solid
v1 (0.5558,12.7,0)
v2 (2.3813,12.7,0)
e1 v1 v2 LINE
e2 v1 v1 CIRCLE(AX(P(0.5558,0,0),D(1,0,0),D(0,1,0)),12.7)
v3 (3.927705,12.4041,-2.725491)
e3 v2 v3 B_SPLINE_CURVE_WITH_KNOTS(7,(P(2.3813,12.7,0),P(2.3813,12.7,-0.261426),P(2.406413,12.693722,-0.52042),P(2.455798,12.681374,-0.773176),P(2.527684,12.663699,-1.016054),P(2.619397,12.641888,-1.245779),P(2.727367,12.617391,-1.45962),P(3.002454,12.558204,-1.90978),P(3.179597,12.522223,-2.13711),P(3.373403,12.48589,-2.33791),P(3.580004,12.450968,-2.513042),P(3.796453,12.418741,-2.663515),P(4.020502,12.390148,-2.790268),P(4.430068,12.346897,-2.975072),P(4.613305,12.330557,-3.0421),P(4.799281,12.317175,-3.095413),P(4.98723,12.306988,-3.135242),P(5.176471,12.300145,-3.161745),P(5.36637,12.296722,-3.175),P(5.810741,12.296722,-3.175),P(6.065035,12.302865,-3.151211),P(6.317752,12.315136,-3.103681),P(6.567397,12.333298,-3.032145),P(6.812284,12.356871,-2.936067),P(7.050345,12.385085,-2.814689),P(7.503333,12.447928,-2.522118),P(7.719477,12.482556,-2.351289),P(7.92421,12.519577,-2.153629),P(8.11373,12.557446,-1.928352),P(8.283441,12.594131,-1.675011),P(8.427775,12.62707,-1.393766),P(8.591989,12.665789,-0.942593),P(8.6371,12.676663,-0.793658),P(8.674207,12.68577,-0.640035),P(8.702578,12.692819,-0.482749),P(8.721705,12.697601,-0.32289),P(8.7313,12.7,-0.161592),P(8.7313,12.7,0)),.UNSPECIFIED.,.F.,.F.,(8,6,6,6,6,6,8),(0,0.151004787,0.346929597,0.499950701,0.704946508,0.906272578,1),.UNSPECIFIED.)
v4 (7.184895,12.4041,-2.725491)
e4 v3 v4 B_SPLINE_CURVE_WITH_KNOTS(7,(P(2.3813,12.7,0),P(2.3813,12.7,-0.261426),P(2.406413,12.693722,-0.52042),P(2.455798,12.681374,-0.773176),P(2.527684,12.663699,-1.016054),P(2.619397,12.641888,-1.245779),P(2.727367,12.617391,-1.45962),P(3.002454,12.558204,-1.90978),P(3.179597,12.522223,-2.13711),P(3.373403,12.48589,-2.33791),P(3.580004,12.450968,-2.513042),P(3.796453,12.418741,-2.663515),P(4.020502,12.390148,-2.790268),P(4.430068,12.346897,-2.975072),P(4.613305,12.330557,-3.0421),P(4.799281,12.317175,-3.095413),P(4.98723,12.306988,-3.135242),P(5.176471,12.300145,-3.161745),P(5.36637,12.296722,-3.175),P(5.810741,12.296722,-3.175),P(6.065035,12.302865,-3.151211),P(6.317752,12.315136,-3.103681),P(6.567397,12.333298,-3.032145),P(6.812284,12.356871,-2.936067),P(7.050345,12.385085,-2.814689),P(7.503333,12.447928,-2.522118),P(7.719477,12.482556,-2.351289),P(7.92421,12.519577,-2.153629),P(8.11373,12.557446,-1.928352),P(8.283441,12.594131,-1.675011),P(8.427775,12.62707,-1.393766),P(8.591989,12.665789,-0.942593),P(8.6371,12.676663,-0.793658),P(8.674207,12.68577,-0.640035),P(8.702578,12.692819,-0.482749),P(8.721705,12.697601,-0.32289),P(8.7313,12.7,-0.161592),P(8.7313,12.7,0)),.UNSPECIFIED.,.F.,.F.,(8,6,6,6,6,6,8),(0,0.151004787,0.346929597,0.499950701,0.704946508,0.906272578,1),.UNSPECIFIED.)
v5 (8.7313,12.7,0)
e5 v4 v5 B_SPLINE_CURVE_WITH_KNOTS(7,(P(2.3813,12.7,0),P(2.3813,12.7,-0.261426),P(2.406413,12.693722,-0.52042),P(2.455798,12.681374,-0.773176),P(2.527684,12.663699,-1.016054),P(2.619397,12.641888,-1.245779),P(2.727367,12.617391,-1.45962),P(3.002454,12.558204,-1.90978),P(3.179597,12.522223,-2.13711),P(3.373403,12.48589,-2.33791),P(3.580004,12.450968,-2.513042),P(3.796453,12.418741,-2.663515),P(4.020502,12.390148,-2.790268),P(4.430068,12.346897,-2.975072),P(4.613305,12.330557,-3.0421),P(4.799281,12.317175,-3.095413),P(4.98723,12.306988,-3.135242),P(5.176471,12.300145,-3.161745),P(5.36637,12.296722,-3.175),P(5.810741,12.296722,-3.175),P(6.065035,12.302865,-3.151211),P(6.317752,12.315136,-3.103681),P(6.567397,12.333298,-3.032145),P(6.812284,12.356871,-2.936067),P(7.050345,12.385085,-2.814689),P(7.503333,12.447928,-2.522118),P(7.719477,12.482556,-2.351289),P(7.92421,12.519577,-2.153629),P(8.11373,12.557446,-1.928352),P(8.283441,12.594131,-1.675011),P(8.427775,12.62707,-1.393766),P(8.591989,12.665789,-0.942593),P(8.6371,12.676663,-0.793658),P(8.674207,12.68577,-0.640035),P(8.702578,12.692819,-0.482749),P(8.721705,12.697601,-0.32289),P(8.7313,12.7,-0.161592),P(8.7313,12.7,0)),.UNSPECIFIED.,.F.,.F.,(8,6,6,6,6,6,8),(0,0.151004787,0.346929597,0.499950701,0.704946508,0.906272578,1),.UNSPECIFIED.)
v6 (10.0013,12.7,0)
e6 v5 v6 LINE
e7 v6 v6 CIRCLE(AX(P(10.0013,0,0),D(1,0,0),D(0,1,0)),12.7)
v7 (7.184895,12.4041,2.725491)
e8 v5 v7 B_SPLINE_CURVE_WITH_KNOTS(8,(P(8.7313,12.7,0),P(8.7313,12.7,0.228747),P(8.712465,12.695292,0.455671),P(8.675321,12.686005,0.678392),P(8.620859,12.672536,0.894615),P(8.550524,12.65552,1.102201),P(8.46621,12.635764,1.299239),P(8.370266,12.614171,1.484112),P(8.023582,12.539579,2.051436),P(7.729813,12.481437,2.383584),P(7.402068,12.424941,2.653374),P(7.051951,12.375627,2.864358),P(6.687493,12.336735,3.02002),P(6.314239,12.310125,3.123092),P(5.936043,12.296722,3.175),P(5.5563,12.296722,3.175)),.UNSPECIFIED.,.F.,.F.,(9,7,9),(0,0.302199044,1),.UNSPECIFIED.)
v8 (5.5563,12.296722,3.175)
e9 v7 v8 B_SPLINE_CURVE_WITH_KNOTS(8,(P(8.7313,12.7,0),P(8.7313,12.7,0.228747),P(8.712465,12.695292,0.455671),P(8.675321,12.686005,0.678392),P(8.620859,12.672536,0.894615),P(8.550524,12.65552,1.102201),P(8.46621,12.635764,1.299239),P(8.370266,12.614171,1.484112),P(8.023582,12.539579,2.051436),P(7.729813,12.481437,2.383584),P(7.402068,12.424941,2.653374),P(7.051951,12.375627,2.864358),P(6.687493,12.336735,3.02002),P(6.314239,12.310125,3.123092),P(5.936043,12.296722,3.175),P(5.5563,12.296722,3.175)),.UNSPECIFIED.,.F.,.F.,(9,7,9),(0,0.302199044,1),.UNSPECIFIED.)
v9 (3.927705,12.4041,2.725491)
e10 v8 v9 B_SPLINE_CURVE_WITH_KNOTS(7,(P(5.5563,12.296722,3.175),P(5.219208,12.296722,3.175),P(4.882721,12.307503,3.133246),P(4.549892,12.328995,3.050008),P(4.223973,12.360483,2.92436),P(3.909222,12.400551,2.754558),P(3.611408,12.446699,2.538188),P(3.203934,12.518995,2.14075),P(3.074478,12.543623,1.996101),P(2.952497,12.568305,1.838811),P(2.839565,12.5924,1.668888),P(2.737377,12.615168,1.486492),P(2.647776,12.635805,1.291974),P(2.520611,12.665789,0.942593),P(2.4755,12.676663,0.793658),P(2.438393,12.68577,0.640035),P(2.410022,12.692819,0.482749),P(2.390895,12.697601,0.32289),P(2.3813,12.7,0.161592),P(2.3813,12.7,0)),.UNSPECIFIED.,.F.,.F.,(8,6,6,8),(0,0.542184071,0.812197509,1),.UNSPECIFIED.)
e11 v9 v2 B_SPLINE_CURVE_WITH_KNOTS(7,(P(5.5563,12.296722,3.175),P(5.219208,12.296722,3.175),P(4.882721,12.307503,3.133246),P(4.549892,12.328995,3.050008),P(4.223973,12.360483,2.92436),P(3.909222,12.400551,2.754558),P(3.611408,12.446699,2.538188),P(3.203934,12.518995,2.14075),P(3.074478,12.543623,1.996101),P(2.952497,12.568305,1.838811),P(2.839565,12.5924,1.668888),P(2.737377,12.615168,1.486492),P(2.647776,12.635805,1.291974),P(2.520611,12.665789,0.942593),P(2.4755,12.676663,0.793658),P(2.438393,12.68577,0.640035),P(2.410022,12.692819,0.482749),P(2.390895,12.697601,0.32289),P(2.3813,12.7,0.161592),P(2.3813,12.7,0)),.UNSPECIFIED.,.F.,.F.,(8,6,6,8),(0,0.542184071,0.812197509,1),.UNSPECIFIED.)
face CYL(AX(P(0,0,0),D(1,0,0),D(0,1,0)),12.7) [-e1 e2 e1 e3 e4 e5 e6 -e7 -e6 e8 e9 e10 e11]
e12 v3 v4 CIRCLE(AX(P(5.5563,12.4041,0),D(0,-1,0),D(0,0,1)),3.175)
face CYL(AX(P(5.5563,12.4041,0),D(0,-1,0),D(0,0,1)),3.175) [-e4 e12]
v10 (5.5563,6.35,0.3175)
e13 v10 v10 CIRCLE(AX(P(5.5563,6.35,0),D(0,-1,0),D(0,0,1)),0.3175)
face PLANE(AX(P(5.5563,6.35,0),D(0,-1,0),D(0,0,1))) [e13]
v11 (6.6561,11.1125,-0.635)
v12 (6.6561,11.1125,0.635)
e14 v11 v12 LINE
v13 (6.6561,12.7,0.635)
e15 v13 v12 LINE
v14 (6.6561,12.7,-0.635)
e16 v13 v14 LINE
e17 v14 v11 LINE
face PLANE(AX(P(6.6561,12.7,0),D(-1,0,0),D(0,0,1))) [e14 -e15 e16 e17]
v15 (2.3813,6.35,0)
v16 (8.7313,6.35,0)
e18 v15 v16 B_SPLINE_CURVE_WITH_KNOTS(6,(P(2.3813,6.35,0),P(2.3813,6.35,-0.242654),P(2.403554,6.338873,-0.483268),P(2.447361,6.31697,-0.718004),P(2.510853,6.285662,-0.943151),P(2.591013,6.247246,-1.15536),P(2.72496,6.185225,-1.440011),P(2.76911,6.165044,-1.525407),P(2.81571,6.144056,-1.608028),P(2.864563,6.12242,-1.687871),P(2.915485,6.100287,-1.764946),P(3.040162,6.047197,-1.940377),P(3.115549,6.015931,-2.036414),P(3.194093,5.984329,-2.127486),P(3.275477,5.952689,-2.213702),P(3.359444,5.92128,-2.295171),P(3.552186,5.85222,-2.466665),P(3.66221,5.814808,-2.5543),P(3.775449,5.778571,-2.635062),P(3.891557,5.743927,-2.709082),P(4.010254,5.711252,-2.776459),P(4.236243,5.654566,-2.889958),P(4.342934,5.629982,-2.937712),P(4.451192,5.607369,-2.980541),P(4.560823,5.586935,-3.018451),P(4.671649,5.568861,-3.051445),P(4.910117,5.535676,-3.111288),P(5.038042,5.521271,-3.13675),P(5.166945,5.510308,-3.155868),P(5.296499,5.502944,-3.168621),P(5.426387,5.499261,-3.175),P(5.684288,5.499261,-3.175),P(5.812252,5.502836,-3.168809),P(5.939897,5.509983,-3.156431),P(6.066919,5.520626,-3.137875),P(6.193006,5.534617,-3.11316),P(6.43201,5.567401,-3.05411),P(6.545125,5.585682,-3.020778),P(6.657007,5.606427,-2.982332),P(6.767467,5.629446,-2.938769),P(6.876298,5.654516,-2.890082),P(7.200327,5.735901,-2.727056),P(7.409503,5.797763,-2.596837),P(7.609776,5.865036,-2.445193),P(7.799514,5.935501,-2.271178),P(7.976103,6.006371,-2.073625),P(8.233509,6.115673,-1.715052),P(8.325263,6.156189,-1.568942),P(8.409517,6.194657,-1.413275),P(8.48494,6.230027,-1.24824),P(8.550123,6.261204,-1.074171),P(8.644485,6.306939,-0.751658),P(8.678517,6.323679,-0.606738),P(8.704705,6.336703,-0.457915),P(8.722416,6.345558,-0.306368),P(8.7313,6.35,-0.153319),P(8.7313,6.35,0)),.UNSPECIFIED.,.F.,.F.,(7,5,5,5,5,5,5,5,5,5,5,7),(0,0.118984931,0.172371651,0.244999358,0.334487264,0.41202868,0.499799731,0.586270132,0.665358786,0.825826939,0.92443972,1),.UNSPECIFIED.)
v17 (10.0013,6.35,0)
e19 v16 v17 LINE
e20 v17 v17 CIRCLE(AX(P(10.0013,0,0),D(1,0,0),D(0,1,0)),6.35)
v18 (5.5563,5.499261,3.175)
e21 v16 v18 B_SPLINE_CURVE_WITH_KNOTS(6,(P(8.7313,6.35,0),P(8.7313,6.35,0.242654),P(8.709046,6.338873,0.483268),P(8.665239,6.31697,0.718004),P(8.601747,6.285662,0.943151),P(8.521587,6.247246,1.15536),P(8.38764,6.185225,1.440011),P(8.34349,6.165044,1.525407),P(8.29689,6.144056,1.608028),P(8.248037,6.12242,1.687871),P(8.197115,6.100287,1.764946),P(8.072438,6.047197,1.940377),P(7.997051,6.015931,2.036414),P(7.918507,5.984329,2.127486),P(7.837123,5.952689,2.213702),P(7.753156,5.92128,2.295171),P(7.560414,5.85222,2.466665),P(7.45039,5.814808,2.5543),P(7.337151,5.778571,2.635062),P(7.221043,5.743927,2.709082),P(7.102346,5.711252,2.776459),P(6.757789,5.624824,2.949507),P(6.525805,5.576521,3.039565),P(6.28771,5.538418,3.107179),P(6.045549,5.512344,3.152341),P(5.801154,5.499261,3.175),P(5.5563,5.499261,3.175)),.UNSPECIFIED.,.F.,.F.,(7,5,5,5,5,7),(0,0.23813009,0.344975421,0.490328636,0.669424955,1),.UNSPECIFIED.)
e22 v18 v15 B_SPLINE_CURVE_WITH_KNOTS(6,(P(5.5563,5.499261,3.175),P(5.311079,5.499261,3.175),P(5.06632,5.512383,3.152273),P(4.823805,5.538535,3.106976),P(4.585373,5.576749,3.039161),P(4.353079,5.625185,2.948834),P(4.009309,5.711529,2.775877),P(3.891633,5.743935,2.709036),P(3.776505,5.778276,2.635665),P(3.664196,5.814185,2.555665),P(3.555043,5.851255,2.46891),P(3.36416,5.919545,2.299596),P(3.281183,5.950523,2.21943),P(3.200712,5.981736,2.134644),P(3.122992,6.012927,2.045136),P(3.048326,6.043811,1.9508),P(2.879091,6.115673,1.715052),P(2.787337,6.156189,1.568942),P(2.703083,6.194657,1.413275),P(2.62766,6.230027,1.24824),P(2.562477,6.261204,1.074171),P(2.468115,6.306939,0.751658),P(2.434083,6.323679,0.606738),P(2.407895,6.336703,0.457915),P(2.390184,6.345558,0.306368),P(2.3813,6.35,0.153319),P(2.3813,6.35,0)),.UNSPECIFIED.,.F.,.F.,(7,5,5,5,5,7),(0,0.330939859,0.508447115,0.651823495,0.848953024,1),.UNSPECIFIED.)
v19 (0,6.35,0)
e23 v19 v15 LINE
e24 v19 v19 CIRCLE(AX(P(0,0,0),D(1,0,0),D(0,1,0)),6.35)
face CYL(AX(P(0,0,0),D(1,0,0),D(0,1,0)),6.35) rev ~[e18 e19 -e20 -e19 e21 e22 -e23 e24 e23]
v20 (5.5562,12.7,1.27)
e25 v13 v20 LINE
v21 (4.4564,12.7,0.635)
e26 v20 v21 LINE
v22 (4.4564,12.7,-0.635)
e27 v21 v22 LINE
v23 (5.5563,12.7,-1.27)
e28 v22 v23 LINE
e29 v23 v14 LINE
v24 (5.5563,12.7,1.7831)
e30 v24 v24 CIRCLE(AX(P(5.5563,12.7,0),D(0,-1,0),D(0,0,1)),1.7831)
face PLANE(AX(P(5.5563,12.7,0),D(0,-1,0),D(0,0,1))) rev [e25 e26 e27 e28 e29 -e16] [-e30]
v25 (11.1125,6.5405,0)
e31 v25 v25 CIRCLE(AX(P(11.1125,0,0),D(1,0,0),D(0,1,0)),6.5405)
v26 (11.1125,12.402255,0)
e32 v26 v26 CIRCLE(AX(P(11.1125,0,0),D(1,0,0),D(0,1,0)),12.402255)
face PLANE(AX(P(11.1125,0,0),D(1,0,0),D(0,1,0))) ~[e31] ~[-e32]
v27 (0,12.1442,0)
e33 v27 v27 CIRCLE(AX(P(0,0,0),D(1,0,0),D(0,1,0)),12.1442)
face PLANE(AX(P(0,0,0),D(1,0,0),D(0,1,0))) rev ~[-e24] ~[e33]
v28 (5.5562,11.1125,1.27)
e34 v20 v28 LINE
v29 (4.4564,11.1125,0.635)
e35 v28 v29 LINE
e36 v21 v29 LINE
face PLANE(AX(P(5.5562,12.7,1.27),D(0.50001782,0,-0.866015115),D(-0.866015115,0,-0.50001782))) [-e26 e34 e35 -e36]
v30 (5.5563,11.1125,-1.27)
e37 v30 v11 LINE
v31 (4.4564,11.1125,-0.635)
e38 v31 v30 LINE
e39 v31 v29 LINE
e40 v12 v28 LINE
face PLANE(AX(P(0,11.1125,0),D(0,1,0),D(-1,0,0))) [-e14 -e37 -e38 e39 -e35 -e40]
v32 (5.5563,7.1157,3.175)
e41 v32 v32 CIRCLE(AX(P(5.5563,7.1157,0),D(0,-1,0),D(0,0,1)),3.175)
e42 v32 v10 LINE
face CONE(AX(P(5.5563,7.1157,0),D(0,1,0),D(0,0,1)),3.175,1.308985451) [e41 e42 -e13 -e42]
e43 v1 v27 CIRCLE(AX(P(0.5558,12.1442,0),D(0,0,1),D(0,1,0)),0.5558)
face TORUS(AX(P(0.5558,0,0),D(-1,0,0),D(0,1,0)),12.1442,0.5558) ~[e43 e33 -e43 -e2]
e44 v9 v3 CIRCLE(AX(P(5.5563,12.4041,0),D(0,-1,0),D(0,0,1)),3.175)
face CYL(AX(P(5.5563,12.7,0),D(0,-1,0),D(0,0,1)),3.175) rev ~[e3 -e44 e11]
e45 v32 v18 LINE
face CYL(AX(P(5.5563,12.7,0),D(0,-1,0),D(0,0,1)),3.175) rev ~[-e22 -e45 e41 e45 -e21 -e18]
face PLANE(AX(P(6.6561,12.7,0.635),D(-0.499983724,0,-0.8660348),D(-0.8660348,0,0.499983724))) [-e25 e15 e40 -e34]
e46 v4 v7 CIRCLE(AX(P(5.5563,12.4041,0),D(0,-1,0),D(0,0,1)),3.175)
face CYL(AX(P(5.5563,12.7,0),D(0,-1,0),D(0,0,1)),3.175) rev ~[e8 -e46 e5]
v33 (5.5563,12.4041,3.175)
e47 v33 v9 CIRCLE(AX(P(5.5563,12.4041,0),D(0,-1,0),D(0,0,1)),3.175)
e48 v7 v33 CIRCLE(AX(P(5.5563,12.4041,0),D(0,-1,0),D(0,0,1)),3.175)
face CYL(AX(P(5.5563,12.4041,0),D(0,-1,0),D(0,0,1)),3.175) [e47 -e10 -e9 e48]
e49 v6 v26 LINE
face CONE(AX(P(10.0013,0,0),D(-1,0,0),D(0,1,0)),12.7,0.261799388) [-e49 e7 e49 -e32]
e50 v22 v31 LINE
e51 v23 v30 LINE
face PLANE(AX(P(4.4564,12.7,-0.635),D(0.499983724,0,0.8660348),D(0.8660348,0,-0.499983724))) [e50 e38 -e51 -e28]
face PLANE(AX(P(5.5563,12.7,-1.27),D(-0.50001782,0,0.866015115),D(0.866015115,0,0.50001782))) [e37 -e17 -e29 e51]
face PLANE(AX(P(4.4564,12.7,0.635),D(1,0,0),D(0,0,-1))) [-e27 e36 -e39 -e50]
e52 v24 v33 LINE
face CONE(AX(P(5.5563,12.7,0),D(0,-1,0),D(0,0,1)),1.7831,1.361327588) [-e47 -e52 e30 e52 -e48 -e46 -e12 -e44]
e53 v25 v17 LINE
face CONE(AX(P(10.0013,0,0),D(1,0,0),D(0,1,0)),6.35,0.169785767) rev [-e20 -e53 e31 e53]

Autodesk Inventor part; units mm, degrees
ref_plane "YZ Plane" through (0, 0, 0) normal (1, 0, 0) x (0, 1, 0)
sketch "Boceto1" plane through (0, 0, 0) normal (0, 0, 1) x (1, 0, 0)
  line L0 (0, 12.7) -> (11.1125, 12.7)
  line L1 (-1.9497, 0) -> (21.5466, 0)
  line L2 (0, 12.7) -> (0, 6.35)
  line L3 (0, 6.35) -> (11.1125, 6.35)
  line L4 (11.1125, 6.35) -> (11.1125, 12.7)
  line L5 (-6.6489, 0) -> (26.2458, 0) projected
  line L6 (0, 54) -> (0, -9) projected
  dimension "d0" = 25.4
  dimension "d1" = 12.7
  dimension "d2" = 11.1125
revolve "Cuerpo" add sketch "Boceto1" angle 360 about axis through (-1.9497, 0, 0) along (1, 0, 0)
ref_plane "IDS_WORKPLANE{1}" through (0, 12.7, 0) normal (0, 1, 0) x (-1, 0, 0)
sketch "Boceto2" plane through (0, 12.7, 0) normal (0, 1, 0) x (-1, 0, 0)
  line L0 (0, 12.7) -> (0, -12.7) projected
  line L1 (-12.156, 0) -> (2.026, 0) projected
  point P0 (-5.5563, 0)
  dimension "d7" = 5.5563
hole "Agujero1" at (5.5563, 12.7, 0) direction (0, -1, 0) diameter 6.35 depth 12.7 tip angle 118
ref_plane "IDS_WORKPLANE{2}" through (5.5563, 0, 0) normal (-1, 0, 0) x (0, 0, 1)
sketch "Boceto3" plane through (5.5563, 0, 0) normal (-1, 0, 0) x (0, 0, 1)
  line L0 (0, 12.7) -> (1.7831, 12.7)
  line L1 (1.7831, 12.7) -> (3.175, 12.4041)
  line L2 (3.175, 12.4041) -> (3.175, 7.1157)
  line L3 (0, 56.54) -> (0, -24.24) projected
  circle A0 centre (0, 0) radius 12.7 projected
  line L4 (0, 12.7) -> (0, 6.35)
  line L5 (3.175, 7.1157) -> (0.3175, 6.35)
  line L6 (0.3175, 6.35) -> (0, 6.35)
  dimension "d18" = 3.5662
  dimension "d19" = 6.35
  dimension "d20" = 0.635
  dimension "d21" = 6.35
  dimension "d30" = 15
  dimension "d31" = 12
revolve "Tornillo de cabeza perdida1" add sketch "Boceto3" angle 360 about axis through (5.5563, 12.7, 0) along (0, -1, 0) picked at (1.5203, 8.7069) contours A0 L2 L5 L6 L3 | L0 L1 L2 A0
sketch "Boceto4" plane through (0, 12.7, 0) normal (0, 1, 0) x (-1, 0, 0)
  line L0 (-5.5562, 1.27) -> (-4.4564, 0.635)
  line L1 (-4.4564, 0.635) -> (-4.4564, -0.635)
  line L2 (-4.4564, -0.635) -> (-5.5563, -1.27)
  line L3 (-5.5563, -1.27) -> (-6.6561, -0.635)
  line L4 (-6.6561, -0.635) -> (-6.6561, 0.635)
  line L5 (-6.6561, 0.635) -> (-5.5562, 1.27)
  line L6 (-14.2345, 0) -> (2.3724, 0) projected
  line L7 (0, 6.35) -> (0, -6.35) projected
  point P0 (-5.5563, 0)
  dimension "d22" = 2.54
  dimension "d23" = 5.5563
extrude "Ranura1" cut sketch "Boceto4" against normal blind 1.5875
chamfer "Chaflán1" distance 1.1112 angle 15 1 edges at (11.1125, -12.7, 0) measured on face at (3.7042, 10.7339, 6.7877)
chamfer "Chaflán2" distance 0.1905 distance2 1.1112 1 edges at (11.1125, -6.35, 0) measured on face at (11.1125, 10.2032, -1.4959)
fillet "Empalme1" radius 0.5558 1 edges at (0, -12.7, 0)
equation "\"d7\" = 0.5 * SD"
equation "\"d18\" = GD1"
equation "\"d19\" = NND"
equation "\"d20\" = 0.1 * NND"
equation "\"d21\" = -0.5 * WND + 0.5 * SD2"
equation "\"d30\" = FAWI"
equation "\"d31\" = 0.8 * FAWI"
equation "\"d22\" = 0.4 * NND"
equation "\"d23\" = 0.5 * SD"
equation "\"d24\" = 0.25 * NND"
equation "\"d8\" = NND"
equation "\"d13\" = 0.5 * SD2"
equation "\"d4\" = PHH"
equation "\"d5\" = FAWI"
equation "\"d59\" = PHH"
equation "\"d26\" = -0.5 * WND + 0.5 * NND1"
equation "\"d27\" = PHH"
equation "\"d29\" = RR"
equation "\"d0\" = SD2"
equation "\"d1\" = WND"
equation "\"d2\" = SD"
equation "\"WND\" = 12.7"
equation "\"SD2\" = 25.4"
equation "\"SD\" = 11.1125"
equation "\"NND\" = 6.35"
equation "\"FAWI\" = 15deg"
equation "\"PHH\" = 1.11125"
equation "\"d6\" = 0.5 * SD2"
equation "\"GD1\" = 3.56616"
equation "\"d17\" = -0.5 * SD"
equation "\"RR\" = 0.55575"
equation "\"NND1\" = 13.081"
properties part number "Unbrako. Hallowell Steel Collars. Inch Series - 0.5 x 1 x 7/16" material "Acero, suave"
